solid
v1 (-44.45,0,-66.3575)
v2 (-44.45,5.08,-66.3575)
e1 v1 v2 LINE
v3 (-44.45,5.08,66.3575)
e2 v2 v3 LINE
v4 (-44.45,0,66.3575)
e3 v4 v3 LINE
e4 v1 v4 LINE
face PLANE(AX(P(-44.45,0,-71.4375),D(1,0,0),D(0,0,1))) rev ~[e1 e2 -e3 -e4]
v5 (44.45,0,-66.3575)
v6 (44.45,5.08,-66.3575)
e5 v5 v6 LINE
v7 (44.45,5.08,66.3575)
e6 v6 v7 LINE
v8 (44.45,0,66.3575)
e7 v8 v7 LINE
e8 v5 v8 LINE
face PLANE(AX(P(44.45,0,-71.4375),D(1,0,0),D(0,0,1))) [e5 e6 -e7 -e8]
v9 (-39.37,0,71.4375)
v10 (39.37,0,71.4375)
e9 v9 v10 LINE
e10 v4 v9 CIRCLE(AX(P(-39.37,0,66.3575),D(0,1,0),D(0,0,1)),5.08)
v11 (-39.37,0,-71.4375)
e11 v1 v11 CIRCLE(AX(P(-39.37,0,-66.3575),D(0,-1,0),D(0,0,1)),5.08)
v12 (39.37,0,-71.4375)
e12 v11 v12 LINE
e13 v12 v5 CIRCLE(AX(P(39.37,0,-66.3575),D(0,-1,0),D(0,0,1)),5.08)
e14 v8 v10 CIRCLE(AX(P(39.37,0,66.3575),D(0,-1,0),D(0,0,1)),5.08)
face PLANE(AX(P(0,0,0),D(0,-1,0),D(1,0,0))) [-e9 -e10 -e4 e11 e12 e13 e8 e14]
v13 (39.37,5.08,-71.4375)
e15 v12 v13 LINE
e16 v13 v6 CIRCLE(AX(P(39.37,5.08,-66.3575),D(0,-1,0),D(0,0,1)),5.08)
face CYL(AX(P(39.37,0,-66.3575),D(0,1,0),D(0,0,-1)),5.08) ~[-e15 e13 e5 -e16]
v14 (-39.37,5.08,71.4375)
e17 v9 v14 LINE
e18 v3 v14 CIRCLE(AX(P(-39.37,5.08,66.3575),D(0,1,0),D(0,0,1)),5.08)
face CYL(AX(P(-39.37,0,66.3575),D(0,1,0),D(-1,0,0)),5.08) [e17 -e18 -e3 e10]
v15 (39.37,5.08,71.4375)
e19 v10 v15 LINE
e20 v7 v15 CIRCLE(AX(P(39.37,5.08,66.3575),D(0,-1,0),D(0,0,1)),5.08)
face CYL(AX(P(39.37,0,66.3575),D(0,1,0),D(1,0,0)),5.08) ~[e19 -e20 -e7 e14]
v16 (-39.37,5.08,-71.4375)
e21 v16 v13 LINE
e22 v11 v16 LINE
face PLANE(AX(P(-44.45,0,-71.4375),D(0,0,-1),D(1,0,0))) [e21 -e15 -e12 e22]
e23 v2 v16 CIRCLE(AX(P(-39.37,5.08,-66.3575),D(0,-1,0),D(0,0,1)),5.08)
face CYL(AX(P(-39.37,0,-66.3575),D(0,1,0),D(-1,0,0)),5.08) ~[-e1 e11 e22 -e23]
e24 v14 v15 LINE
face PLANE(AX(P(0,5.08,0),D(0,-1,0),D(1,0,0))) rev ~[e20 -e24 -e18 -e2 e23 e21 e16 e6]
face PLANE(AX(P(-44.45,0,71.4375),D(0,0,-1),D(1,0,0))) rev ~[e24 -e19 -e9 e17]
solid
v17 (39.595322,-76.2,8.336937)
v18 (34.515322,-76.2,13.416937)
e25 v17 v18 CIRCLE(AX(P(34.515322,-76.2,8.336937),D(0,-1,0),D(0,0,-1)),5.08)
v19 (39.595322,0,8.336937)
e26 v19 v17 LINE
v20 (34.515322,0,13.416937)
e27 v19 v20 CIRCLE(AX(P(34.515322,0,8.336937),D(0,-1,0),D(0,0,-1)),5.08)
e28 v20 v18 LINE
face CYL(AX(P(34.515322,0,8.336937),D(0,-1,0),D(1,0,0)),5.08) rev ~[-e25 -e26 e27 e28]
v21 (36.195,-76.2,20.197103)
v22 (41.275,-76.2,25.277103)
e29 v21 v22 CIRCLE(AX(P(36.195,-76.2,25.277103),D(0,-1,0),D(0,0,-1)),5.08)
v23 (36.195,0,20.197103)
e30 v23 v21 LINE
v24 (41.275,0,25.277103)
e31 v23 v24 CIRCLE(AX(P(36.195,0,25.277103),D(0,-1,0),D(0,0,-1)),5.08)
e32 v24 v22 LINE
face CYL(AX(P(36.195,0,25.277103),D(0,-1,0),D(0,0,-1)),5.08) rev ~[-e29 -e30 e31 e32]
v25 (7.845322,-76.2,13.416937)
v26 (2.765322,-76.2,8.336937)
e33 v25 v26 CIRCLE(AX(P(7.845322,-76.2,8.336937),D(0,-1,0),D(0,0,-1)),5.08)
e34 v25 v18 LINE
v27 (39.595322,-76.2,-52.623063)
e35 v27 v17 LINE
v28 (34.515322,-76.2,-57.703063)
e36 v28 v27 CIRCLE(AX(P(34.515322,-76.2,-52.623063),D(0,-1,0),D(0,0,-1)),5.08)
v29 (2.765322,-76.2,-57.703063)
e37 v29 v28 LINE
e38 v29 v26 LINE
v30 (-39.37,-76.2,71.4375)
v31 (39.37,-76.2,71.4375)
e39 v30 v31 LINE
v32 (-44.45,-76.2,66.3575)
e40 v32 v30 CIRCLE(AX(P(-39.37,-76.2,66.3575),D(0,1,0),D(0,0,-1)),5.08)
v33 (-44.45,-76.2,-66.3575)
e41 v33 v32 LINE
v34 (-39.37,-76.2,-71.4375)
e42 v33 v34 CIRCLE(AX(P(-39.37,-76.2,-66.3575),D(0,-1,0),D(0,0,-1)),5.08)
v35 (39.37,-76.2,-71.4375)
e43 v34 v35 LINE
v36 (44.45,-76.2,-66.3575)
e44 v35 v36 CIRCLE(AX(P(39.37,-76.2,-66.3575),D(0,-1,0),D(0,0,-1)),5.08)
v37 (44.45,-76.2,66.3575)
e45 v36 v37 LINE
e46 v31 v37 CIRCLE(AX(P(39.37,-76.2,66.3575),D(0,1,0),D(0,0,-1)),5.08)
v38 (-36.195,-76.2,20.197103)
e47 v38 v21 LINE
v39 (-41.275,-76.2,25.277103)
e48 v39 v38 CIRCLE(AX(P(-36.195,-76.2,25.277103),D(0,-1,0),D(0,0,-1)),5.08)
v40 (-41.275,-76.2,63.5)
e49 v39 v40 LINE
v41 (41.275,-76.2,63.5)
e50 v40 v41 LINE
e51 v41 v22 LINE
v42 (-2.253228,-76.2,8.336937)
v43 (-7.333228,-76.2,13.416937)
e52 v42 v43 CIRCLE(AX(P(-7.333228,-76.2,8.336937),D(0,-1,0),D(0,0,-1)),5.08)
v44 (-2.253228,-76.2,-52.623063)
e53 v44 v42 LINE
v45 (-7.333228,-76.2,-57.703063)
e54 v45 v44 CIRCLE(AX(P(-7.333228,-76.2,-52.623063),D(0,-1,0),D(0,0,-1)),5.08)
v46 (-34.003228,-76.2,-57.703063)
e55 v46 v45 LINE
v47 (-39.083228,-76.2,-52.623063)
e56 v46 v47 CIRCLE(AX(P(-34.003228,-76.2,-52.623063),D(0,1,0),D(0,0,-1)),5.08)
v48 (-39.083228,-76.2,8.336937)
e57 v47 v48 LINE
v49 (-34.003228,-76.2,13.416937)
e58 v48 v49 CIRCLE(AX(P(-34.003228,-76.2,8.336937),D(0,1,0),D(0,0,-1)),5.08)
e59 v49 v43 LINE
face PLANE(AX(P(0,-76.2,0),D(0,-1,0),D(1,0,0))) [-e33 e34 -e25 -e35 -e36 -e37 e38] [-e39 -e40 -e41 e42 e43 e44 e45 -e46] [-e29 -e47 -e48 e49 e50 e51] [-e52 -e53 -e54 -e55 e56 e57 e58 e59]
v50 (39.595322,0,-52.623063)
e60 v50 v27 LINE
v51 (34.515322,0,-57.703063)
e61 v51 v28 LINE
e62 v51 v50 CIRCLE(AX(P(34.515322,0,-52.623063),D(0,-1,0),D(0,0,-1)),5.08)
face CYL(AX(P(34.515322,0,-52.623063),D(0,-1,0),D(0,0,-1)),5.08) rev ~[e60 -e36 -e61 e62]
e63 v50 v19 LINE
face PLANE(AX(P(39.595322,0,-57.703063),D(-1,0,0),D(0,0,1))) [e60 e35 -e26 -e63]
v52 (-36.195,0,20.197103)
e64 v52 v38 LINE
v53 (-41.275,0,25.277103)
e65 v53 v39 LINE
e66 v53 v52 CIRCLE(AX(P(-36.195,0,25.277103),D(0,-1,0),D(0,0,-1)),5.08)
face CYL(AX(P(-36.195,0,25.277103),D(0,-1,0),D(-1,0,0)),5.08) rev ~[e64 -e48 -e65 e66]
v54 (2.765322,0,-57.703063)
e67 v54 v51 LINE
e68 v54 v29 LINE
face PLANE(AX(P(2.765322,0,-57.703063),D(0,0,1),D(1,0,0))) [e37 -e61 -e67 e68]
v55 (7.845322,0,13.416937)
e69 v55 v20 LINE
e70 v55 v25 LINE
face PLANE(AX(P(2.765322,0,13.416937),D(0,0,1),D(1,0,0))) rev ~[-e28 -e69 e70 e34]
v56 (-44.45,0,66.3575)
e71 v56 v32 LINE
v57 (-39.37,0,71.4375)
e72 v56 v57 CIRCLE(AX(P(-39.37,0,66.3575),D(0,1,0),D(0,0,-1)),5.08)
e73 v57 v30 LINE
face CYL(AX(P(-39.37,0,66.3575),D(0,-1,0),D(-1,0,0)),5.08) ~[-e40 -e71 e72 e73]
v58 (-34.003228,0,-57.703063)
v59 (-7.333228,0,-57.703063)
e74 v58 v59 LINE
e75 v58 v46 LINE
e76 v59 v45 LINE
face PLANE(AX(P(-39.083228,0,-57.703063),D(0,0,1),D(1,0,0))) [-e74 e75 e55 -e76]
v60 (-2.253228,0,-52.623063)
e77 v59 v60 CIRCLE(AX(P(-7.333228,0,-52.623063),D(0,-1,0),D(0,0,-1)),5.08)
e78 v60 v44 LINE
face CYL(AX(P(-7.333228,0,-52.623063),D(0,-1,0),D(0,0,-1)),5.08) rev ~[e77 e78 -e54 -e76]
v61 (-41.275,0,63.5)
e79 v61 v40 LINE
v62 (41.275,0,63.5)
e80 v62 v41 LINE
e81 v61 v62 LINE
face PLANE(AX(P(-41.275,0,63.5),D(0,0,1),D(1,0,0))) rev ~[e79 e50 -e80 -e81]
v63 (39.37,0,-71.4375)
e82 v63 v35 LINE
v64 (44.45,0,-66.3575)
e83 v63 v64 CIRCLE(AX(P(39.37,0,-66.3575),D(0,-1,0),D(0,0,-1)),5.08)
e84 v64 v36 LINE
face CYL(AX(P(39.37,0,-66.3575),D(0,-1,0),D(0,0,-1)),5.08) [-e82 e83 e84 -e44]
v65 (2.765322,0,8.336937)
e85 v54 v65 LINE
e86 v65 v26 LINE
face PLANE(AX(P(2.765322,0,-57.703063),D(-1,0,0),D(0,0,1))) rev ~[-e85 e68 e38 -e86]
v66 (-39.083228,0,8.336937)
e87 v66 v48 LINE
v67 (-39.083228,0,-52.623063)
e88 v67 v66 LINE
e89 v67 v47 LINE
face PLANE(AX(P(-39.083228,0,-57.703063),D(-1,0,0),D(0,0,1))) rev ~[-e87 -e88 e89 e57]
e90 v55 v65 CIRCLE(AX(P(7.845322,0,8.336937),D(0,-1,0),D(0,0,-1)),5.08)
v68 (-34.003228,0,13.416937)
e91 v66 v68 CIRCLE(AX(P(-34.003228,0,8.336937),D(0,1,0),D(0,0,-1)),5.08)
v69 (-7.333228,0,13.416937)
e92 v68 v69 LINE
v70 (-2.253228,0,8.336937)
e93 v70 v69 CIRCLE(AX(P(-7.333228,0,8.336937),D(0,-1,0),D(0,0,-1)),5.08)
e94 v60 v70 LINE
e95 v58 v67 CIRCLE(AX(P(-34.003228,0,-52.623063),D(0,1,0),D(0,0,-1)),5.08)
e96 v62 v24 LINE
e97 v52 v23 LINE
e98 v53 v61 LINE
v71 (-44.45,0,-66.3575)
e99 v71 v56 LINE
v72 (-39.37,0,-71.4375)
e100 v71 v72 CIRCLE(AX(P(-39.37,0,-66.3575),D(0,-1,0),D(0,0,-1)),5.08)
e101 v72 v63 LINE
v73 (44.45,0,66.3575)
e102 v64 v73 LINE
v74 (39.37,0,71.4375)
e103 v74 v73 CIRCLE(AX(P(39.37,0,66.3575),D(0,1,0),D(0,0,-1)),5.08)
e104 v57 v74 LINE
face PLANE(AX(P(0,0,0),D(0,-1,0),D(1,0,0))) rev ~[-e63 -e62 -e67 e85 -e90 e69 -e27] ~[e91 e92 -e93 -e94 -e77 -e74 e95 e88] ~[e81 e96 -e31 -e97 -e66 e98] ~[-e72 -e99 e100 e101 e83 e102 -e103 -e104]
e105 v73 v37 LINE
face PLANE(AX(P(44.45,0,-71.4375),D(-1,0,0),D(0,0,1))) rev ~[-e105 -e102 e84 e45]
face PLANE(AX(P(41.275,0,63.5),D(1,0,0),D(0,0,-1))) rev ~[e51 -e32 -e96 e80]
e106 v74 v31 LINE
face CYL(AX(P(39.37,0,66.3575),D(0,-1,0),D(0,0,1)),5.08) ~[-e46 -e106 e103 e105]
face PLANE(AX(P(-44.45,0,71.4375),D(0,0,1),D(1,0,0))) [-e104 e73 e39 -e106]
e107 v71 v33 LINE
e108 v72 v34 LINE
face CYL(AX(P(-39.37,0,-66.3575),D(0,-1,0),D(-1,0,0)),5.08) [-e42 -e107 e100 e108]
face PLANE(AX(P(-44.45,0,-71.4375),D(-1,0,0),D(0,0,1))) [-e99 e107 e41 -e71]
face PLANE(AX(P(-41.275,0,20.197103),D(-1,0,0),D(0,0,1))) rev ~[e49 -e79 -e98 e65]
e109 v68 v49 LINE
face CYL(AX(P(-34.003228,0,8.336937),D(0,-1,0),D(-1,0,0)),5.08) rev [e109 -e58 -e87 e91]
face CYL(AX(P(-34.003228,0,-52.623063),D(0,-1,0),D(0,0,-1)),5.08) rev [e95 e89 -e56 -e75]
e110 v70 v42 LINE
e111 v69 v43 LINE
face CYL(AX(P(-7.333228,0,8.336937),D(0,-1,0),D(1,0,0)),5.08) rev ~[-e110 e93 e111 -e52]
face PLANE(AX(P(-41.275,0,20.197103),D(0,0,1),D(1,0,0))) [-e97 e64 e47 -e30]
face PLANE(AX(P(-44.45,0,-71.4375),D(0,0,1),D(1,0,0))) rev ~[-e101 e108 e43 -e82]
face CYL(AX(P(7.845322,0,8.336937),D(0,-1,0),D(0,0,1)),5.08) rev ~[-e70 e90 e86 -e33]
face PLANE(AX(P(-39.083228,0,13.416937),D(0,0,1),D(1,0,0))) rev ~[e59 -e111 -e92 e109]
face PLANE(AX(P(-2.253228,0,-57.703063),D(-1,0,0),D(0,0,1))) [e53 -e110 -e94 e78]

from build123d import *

# Parameters (mm, degrees)
F0_W     = 88.9
F0_H     = 142.875
F0_W_2   = 82.55
F0_H_2   = 83.6971029639
F0_W_3   = 36.83
F0_H_3   = 71.12
F1_DEPTH = 76.2
F2_R     = 5.08
F0_H_4   = 43.3028970361
F3_DEPTH = 5.08
F4_R     = 5.08


with BuildPart() as f1:
    # F0 (on Front) → F1 (new body)
    with BuildSketch(Plane.XZ):
        Rectangle(F0_W, F0_H)
        Polygon((-41.275, 20.1971029639), (-41.275, 63.5), (41.275, 63.5), (41.275, 20.1971029639), (41.275, -63.5), (-41.275, -63.5), align=None, mode=Mode.SUBTRACT)
        with Locations((0, -21.651448518)):
            Rectangle(F0_W_2, F0_H_2)
        with Locations((-20.6682275152, -22.143062892)):
            Rectangle(F0_W_3, F0_H_3, mode=Mode.SUBTRACT)
        with Locations((21.1803221041, -22.143062892)):
            Rectangle(F0_W_3, F0_H_3, mode=Mode.SUBTRACT)
    extrude(amount=F1_DEPTH)

    # F2
    f2_edges = [f1.edges().sort_by_distance(p)[0] for p in [
        (44.45, -38.1, 71.4375),
        (-44.45, -38.1, 71.4375),
        (41.275, -38.1, 20.197103),
        (-41.275, -38.1, 20.197103),
        (-39.083228, -38.1, -57.703063),
        (39.595322, -38.1, -57.703063),
        (-2.253228, -38.1, -57.703063),
        (-39.083228, -38.1, 13.416937),
        (2.765322, -38.1, 13.416937),
        (39.595322, -38.1, 13.416937),
        (-2.253228, -38.1, 13.416937),
        (44.45, -38.1, -71.4375),
        (-44.45, -38.1, -71.4375),
    ]]
    fillet(f2_edges, radius=F2_R)


with BuildPart() as f3:
    # F0 (on Front) → F3 (new body)
    with BuildSketch(Plane.XZ):
        Rectangle(F0_W, F0_H)
        Polygon((-41.275, 20.1971029639), (-41.275, 63.5), (41.275, 63.5), (41.275, 20.1971029639), (41.275, -63.5), (-41.275, -63.5), align=None, mode=Mode.SUBTRACT)
        with Locations((0, -21.651448518)):
            Rectangle(F0_W_2, F0_H_2)
        with Locations((-20.6682275152, -22.143062892)):
            Rectangle(F0_W_3, F0_H_3, mode=Mode.SUBTRACT)
        with Locations((21.1803221041, -22.143062892)):
            Rectangle(F0_W_3, F0_H_3, mode=Mode.SUBTRACT)
        with Locations((0, 41.848551482)):
            Rectangle(F0_W_2, F0_H_4)
        with Locations((21.1803221041, -22.143062892)):
            Rectangle(F0_W_3, F0_H_3)
        with Locations((-20.6682275152, -22.143062892)):
            Rectangle(F0_W_3, F0_H_3)
    extrude(amount=-F3_DEPTH)

    # F4
    f4_edges = [f3.edges().sort_by_distance(p)[0] for p in [
        (44.45, 2.54, 71.4375),
        (-44.45, 2.54, 71.4375),
        (44.45, 2.54, -71.4375),
        (-44.45, 2.54, -71.4375),
    ]]
    fillet(f4_edges, radius=F4_R)


solid = Compound([f1.part, f3.part])
